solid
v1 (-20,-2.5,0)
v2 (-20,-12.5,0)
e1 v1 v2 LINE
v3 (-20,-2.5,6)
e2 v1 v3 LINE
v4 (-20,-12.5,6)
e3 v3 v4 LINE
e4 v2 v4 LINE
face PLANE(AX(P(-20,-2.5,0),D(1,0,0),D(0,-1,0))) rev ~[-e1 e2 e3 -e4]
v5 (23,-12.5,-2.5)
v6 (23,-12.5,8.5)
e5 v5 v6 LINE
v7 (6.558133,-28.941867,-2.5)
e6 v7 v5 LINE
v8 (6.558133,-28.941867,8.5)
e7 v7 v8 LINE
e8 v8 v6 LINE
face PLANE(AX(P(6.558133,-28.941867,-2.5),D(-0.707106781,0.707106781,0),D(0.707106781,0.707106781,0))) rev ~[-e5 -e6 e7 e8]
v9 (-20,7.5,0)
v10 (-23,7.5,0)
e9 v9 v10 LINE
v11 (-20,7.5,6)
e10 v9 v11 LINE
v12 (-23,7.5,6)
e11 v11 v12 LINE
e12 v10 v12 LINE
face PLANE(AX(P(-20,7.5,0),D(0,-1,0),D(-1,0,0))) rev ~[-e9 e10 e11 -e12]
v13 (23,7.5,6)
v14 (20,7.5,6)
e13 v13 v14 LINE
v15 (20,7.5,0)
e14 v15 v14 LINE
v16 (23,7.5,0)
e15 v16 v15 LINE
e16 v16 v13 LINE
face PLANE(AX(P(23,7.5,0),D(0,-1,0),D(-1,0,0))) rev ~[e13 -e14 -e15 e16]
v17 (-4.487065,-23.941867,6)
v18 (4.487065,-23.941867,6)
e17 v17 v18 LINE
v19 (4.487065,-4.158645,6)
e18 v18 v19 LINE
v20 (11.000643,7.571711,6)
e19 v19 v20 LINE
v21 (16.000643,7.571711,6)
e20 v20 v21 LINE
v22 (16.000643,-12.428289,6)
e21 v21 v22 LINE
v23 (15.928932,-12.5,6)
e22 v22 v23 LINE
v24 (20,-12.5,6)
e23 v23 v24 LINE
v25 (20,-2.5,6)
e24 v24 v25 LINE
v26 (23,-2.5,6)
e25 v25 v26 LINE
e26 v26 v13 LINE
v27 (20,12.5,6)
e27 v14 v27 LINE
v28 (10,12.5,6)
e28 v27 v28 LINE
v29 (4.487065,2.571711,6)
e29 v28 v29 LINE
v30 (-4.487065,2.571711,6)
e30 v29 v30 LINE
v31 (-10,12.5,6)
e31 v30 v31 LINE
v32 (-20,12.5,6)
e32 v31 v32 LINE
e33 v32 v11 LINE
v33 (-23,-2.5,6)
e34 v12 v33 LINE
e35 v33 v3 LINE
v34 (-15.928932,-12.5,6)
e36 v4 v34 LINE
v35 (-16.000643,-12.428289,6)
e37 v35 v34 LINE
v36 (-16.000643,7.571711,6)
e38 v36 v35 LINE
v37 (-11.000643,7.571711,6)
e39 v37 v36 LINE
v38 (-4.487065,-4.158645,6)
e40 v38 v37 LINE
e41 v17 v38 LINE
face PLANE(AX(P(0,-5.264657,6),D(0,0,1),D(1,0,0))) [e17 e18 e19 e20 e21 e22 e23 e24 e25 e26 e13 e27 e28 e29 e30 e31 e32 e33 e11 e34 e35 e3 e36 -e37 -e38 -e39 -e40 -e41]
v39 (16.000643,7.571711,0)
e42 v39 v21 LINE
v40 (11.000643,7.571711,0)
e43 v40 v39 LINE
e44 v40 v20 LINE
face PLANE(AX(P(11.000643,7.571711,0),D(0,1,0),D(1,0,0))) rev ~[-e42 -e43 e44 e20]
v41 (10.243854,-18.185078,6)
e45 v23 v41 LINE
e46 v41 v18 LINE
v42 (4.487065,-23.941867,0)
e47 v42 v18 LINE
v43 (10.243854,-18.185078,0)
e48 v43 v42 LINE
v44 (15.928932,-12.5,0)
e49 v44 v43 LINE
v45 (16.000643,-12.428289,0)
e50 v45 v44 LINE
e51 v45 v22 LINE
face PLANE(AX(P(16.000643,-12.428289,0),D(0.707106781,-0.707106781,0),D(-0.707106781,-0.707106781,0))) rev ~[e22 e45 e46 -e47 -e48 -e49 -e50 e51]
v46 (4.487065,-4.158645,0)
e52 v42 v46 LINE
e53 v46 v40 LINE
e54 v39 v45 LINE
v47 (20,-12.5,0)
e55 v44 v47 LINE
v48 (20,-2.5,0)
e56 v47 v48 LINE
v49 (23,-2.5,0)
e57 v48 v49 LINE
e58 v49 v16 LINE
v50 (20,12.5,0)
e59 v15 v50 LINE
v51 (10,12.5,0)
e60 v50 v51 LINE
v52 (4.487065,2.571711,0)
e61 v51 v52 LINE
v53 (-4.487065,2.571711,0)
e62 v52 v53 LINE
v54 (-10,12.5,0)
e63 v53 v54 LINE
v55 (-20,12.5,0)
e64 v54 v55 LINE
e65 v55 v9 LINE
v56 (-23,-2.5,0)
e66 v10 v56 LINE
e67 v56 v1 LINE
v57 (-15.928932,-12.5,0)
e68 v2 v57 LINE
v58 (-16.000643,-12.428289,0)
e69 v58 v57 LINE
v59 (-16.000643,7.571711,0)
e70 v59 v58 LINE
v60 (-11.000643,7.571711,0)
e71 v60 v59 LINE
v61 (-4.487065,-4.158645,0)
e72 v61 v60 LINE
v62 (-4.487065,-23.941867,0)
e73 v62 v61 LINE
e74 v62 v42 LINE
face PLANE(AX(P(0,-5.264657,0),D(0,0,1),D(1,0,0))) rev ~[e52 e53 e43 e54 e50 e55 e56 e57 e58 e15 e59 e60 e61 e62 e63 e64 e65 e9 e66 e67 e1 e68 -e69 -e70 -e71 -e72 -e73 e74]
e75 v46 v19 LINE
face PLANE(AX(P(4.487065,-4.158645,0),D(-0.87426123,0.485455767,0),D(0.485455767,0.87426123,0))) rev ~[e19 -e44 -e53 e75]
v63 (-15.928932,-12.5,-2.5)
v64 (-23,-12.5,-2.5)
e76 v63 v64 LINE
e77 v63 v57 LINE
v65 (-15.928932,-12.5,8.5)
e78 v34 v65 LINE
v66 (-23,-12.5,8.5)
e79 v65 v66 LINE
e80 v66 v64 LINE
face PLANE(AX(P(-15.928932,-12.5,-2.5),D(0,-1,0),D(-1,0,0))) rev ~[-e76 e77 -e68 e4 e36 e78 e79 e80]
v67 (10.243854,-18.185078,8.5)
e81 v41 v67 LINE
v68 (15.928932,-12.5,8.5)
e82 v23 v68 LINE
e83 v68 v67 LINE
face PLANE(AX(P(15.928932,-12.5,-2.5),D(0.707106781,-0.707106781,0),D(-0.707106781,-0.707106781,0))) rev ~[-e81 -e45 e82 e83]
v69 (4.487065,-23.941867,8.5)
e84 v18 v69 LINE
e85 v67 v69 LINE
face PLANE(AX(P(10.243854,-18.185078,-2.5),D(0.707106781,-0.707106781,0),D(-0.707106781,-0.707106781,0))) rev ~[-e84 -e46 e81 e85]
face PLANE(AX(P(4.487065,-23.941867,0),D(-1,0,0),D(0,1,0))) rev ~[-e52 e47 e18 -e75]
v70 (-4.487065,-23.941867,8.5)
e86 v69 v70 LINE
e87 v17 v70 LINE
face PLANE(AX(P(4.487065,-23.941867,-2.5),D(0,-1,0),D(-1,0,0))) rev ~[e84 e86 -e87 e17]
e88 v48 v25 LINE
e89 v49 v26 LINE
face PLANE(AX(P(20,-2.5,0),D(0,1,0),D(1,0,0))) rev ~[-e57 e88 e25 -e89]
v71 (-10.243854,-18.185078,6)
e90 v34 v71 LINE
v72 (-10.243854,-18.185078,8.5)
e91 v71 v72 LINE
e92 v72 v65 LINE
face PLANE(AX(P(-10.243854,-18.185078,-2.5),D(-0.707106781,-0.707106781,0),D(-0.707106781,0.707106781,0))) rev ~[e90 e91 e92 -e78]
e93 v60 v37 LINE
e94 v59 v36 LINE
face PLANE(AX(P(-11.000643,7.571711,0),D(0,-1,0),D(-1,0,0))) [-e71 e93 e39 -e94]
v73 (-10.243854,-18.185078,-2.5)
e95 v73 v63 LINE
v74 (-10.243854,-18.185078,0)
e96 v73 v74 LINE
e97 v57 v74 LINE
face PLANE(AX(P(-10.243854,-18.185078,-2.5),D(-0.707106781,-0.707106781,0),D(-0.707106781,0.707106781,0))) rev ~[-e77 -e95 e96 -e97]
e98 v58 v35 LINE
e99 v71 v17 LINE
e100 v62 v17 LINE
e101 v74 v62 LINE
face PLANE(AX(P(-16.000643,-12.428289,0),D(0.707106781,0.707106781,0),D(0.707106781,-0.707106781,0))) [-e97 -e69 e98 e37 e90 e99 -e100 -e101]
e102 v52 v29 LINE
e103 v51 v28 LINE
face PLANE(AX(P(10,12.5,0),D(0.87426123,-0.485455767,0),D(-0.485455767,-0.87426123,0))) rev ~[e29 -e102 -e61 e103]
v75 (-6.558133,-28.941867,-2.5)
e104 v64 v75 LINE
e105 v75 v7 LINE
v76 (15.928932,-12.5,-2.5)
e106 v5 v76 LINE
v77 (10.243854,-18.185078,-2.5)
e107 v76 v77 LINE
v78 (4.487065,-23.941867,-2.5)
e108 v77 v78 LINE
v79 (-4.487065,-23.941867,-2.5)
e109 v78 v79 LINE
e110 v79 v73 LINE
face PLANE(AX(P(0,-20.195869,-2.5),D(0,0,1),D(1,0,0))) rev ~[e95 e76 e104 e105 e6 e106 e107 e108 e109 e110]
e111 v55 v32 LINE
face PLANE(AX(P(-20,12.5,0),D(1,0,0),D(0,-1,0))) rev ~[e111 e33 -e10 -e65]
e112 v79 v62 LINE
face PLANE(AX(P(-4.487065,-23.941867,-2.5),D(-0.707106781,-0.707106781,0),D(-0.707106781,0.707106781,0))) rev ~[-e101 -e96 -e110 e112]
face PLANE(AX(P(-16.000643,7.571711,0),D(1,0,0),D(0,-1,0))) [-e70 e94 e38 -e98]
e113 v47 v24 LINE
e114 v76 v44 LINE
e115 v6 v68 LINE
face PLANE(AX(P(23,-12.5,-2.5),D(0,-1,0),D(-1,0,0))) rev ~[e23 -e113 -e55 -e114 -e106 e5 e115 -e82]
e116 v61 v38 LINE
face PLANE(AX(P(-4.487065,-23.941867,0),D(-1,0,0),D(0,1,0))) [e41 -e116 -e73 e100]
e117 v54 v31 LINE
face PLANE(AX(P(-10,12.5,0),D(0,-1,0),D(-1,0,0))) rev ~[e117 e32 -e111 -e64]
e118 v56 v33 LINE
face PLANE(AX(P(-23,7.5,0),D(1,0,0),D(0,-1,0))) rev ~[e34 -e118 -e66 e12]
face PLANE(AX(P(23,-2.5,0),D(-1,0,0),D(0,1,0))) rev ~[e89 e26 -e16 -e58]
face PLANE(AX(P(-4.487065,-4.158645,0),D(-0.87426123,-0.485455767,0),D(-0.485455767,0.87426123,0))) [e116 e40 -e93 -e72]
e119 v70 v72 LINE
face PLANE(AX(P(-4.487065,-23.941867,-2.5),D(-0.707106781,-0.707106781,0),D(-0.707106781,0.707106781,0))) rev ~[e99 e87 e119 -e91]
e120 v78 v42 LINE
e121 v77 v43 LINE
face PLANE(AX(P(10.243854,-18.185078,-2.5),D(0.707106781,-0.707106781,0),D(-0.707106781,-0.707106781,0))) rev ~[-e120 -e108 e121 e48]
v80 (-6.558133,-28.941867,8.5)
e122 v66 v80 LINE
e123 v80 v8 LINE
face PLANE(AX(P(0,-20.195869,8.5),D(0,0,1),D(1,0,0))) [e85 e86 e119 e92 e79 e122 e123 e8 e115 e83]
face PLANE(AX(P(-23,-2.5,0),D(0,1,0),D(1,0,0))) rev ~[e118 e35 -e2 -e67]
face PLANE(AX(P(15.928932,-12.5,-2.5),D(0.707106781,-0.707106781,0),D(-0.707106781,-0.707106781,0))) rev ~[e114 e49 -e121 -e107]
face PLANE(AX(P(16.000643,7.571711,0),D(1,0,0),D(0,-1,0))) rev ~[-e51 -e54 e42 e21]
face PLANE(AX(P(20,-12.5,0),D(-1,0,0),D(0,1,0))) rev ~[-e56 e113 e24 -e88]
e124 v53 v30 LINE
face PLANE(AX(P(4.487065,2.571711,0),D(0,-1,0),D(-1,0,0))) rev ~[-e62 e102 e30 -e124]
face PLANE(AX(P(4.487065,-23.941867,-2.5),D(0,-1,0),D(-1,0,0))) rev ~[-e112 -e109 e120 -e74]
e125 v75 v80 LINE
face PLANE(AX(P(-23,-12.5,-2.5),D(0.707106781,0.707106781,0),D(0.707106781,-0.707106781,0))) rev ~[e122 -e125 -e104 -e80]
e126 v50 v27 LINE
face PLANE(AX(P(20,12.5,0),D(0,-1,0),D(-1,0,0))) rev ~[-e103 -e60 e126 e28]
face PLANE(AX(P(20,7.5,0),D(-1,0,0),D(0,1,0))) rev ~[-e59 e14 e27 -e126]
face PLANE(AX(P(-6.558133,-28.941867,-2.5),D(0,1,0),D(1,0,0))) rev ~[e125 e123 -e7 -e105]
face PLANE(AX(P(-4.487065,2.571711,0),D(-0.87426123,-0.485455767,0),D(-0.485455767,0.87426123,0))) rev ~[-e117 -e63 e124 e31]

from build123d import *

# Parameters (mm, degrees)
BOSS_EXTRUDE1_DEPTH      = 6
BOSS_EXTRUDE2_DEPTH      = 2.5
BOSS_EXTRUDE2_DEPTH_BACK = 8.5


with BuildPart() as part:
    # Sketch1 → Boss-Extrude1 (new body)
    with BuildSketch(Plane.XY):
        Polygon((-20, -12.5), (-23, -12.5), (-6.55813284, -28.94186716), (6.55813284, -28.94186716), (23, -12.5), (20, -12.5), (20, -2.5), (23, -2.5), (23, 7.5), (20, 7.5), (20, 12.5), (10, 12.5), (4.487065029, 2.571710666), (-4.487065029, 2.571710666), (-10, 12.5), (-20, 12.5), (-20, 7.5), (-23, 7.5), (-23, -2.5), (-20, -2.5), align=None)
        Polygon((-16.000642854, -12.428289334), (-4.487065029, -23.94186716), (-4.487065029, -4.158644505), (-11.000642854, 7.571710666), (-16.000642854, 7.571710666), align=None, mode=Mode.SUBTRACT)
        Polygon((16.000642854, -12.428289334), (4.487065029, -23.94186716), (4.487065029, -4.158644505), (11.000642854, 7.571710666), (16.000642854, 7.571710666), align=None, mode=Mode.SUBTRACT)
    extrude(amount=BOSS_EXTRUDE1_DEPTH)

    # Sketch2 → Boss-Extrude2 (add, two sides: drawn at the far end of the back side and taken through both)
    with BuildSketch(Plane.XY.offset(6).offset(-BOSS_EXTRUDE2_DEPTH_BACK)):
        Polygon((-23, -12.5), (-6.55813284, -28.94186716), (6.55813284, -28.94186716), (23, -12.5), (15.928932188, -12.5), (10.243853941, -18.185078247), (4.487065029, -23.94186716), (-4.487065029, -23.94186716), (-10.243853941, -18.185078247), (-15.928932188, -12.5), align=None)
    extrude(amount=BOSS_EXTRUDE2_DEPTH + BOSS_EXTRUDE2_DEPTH_BACK)


solid = part.part
